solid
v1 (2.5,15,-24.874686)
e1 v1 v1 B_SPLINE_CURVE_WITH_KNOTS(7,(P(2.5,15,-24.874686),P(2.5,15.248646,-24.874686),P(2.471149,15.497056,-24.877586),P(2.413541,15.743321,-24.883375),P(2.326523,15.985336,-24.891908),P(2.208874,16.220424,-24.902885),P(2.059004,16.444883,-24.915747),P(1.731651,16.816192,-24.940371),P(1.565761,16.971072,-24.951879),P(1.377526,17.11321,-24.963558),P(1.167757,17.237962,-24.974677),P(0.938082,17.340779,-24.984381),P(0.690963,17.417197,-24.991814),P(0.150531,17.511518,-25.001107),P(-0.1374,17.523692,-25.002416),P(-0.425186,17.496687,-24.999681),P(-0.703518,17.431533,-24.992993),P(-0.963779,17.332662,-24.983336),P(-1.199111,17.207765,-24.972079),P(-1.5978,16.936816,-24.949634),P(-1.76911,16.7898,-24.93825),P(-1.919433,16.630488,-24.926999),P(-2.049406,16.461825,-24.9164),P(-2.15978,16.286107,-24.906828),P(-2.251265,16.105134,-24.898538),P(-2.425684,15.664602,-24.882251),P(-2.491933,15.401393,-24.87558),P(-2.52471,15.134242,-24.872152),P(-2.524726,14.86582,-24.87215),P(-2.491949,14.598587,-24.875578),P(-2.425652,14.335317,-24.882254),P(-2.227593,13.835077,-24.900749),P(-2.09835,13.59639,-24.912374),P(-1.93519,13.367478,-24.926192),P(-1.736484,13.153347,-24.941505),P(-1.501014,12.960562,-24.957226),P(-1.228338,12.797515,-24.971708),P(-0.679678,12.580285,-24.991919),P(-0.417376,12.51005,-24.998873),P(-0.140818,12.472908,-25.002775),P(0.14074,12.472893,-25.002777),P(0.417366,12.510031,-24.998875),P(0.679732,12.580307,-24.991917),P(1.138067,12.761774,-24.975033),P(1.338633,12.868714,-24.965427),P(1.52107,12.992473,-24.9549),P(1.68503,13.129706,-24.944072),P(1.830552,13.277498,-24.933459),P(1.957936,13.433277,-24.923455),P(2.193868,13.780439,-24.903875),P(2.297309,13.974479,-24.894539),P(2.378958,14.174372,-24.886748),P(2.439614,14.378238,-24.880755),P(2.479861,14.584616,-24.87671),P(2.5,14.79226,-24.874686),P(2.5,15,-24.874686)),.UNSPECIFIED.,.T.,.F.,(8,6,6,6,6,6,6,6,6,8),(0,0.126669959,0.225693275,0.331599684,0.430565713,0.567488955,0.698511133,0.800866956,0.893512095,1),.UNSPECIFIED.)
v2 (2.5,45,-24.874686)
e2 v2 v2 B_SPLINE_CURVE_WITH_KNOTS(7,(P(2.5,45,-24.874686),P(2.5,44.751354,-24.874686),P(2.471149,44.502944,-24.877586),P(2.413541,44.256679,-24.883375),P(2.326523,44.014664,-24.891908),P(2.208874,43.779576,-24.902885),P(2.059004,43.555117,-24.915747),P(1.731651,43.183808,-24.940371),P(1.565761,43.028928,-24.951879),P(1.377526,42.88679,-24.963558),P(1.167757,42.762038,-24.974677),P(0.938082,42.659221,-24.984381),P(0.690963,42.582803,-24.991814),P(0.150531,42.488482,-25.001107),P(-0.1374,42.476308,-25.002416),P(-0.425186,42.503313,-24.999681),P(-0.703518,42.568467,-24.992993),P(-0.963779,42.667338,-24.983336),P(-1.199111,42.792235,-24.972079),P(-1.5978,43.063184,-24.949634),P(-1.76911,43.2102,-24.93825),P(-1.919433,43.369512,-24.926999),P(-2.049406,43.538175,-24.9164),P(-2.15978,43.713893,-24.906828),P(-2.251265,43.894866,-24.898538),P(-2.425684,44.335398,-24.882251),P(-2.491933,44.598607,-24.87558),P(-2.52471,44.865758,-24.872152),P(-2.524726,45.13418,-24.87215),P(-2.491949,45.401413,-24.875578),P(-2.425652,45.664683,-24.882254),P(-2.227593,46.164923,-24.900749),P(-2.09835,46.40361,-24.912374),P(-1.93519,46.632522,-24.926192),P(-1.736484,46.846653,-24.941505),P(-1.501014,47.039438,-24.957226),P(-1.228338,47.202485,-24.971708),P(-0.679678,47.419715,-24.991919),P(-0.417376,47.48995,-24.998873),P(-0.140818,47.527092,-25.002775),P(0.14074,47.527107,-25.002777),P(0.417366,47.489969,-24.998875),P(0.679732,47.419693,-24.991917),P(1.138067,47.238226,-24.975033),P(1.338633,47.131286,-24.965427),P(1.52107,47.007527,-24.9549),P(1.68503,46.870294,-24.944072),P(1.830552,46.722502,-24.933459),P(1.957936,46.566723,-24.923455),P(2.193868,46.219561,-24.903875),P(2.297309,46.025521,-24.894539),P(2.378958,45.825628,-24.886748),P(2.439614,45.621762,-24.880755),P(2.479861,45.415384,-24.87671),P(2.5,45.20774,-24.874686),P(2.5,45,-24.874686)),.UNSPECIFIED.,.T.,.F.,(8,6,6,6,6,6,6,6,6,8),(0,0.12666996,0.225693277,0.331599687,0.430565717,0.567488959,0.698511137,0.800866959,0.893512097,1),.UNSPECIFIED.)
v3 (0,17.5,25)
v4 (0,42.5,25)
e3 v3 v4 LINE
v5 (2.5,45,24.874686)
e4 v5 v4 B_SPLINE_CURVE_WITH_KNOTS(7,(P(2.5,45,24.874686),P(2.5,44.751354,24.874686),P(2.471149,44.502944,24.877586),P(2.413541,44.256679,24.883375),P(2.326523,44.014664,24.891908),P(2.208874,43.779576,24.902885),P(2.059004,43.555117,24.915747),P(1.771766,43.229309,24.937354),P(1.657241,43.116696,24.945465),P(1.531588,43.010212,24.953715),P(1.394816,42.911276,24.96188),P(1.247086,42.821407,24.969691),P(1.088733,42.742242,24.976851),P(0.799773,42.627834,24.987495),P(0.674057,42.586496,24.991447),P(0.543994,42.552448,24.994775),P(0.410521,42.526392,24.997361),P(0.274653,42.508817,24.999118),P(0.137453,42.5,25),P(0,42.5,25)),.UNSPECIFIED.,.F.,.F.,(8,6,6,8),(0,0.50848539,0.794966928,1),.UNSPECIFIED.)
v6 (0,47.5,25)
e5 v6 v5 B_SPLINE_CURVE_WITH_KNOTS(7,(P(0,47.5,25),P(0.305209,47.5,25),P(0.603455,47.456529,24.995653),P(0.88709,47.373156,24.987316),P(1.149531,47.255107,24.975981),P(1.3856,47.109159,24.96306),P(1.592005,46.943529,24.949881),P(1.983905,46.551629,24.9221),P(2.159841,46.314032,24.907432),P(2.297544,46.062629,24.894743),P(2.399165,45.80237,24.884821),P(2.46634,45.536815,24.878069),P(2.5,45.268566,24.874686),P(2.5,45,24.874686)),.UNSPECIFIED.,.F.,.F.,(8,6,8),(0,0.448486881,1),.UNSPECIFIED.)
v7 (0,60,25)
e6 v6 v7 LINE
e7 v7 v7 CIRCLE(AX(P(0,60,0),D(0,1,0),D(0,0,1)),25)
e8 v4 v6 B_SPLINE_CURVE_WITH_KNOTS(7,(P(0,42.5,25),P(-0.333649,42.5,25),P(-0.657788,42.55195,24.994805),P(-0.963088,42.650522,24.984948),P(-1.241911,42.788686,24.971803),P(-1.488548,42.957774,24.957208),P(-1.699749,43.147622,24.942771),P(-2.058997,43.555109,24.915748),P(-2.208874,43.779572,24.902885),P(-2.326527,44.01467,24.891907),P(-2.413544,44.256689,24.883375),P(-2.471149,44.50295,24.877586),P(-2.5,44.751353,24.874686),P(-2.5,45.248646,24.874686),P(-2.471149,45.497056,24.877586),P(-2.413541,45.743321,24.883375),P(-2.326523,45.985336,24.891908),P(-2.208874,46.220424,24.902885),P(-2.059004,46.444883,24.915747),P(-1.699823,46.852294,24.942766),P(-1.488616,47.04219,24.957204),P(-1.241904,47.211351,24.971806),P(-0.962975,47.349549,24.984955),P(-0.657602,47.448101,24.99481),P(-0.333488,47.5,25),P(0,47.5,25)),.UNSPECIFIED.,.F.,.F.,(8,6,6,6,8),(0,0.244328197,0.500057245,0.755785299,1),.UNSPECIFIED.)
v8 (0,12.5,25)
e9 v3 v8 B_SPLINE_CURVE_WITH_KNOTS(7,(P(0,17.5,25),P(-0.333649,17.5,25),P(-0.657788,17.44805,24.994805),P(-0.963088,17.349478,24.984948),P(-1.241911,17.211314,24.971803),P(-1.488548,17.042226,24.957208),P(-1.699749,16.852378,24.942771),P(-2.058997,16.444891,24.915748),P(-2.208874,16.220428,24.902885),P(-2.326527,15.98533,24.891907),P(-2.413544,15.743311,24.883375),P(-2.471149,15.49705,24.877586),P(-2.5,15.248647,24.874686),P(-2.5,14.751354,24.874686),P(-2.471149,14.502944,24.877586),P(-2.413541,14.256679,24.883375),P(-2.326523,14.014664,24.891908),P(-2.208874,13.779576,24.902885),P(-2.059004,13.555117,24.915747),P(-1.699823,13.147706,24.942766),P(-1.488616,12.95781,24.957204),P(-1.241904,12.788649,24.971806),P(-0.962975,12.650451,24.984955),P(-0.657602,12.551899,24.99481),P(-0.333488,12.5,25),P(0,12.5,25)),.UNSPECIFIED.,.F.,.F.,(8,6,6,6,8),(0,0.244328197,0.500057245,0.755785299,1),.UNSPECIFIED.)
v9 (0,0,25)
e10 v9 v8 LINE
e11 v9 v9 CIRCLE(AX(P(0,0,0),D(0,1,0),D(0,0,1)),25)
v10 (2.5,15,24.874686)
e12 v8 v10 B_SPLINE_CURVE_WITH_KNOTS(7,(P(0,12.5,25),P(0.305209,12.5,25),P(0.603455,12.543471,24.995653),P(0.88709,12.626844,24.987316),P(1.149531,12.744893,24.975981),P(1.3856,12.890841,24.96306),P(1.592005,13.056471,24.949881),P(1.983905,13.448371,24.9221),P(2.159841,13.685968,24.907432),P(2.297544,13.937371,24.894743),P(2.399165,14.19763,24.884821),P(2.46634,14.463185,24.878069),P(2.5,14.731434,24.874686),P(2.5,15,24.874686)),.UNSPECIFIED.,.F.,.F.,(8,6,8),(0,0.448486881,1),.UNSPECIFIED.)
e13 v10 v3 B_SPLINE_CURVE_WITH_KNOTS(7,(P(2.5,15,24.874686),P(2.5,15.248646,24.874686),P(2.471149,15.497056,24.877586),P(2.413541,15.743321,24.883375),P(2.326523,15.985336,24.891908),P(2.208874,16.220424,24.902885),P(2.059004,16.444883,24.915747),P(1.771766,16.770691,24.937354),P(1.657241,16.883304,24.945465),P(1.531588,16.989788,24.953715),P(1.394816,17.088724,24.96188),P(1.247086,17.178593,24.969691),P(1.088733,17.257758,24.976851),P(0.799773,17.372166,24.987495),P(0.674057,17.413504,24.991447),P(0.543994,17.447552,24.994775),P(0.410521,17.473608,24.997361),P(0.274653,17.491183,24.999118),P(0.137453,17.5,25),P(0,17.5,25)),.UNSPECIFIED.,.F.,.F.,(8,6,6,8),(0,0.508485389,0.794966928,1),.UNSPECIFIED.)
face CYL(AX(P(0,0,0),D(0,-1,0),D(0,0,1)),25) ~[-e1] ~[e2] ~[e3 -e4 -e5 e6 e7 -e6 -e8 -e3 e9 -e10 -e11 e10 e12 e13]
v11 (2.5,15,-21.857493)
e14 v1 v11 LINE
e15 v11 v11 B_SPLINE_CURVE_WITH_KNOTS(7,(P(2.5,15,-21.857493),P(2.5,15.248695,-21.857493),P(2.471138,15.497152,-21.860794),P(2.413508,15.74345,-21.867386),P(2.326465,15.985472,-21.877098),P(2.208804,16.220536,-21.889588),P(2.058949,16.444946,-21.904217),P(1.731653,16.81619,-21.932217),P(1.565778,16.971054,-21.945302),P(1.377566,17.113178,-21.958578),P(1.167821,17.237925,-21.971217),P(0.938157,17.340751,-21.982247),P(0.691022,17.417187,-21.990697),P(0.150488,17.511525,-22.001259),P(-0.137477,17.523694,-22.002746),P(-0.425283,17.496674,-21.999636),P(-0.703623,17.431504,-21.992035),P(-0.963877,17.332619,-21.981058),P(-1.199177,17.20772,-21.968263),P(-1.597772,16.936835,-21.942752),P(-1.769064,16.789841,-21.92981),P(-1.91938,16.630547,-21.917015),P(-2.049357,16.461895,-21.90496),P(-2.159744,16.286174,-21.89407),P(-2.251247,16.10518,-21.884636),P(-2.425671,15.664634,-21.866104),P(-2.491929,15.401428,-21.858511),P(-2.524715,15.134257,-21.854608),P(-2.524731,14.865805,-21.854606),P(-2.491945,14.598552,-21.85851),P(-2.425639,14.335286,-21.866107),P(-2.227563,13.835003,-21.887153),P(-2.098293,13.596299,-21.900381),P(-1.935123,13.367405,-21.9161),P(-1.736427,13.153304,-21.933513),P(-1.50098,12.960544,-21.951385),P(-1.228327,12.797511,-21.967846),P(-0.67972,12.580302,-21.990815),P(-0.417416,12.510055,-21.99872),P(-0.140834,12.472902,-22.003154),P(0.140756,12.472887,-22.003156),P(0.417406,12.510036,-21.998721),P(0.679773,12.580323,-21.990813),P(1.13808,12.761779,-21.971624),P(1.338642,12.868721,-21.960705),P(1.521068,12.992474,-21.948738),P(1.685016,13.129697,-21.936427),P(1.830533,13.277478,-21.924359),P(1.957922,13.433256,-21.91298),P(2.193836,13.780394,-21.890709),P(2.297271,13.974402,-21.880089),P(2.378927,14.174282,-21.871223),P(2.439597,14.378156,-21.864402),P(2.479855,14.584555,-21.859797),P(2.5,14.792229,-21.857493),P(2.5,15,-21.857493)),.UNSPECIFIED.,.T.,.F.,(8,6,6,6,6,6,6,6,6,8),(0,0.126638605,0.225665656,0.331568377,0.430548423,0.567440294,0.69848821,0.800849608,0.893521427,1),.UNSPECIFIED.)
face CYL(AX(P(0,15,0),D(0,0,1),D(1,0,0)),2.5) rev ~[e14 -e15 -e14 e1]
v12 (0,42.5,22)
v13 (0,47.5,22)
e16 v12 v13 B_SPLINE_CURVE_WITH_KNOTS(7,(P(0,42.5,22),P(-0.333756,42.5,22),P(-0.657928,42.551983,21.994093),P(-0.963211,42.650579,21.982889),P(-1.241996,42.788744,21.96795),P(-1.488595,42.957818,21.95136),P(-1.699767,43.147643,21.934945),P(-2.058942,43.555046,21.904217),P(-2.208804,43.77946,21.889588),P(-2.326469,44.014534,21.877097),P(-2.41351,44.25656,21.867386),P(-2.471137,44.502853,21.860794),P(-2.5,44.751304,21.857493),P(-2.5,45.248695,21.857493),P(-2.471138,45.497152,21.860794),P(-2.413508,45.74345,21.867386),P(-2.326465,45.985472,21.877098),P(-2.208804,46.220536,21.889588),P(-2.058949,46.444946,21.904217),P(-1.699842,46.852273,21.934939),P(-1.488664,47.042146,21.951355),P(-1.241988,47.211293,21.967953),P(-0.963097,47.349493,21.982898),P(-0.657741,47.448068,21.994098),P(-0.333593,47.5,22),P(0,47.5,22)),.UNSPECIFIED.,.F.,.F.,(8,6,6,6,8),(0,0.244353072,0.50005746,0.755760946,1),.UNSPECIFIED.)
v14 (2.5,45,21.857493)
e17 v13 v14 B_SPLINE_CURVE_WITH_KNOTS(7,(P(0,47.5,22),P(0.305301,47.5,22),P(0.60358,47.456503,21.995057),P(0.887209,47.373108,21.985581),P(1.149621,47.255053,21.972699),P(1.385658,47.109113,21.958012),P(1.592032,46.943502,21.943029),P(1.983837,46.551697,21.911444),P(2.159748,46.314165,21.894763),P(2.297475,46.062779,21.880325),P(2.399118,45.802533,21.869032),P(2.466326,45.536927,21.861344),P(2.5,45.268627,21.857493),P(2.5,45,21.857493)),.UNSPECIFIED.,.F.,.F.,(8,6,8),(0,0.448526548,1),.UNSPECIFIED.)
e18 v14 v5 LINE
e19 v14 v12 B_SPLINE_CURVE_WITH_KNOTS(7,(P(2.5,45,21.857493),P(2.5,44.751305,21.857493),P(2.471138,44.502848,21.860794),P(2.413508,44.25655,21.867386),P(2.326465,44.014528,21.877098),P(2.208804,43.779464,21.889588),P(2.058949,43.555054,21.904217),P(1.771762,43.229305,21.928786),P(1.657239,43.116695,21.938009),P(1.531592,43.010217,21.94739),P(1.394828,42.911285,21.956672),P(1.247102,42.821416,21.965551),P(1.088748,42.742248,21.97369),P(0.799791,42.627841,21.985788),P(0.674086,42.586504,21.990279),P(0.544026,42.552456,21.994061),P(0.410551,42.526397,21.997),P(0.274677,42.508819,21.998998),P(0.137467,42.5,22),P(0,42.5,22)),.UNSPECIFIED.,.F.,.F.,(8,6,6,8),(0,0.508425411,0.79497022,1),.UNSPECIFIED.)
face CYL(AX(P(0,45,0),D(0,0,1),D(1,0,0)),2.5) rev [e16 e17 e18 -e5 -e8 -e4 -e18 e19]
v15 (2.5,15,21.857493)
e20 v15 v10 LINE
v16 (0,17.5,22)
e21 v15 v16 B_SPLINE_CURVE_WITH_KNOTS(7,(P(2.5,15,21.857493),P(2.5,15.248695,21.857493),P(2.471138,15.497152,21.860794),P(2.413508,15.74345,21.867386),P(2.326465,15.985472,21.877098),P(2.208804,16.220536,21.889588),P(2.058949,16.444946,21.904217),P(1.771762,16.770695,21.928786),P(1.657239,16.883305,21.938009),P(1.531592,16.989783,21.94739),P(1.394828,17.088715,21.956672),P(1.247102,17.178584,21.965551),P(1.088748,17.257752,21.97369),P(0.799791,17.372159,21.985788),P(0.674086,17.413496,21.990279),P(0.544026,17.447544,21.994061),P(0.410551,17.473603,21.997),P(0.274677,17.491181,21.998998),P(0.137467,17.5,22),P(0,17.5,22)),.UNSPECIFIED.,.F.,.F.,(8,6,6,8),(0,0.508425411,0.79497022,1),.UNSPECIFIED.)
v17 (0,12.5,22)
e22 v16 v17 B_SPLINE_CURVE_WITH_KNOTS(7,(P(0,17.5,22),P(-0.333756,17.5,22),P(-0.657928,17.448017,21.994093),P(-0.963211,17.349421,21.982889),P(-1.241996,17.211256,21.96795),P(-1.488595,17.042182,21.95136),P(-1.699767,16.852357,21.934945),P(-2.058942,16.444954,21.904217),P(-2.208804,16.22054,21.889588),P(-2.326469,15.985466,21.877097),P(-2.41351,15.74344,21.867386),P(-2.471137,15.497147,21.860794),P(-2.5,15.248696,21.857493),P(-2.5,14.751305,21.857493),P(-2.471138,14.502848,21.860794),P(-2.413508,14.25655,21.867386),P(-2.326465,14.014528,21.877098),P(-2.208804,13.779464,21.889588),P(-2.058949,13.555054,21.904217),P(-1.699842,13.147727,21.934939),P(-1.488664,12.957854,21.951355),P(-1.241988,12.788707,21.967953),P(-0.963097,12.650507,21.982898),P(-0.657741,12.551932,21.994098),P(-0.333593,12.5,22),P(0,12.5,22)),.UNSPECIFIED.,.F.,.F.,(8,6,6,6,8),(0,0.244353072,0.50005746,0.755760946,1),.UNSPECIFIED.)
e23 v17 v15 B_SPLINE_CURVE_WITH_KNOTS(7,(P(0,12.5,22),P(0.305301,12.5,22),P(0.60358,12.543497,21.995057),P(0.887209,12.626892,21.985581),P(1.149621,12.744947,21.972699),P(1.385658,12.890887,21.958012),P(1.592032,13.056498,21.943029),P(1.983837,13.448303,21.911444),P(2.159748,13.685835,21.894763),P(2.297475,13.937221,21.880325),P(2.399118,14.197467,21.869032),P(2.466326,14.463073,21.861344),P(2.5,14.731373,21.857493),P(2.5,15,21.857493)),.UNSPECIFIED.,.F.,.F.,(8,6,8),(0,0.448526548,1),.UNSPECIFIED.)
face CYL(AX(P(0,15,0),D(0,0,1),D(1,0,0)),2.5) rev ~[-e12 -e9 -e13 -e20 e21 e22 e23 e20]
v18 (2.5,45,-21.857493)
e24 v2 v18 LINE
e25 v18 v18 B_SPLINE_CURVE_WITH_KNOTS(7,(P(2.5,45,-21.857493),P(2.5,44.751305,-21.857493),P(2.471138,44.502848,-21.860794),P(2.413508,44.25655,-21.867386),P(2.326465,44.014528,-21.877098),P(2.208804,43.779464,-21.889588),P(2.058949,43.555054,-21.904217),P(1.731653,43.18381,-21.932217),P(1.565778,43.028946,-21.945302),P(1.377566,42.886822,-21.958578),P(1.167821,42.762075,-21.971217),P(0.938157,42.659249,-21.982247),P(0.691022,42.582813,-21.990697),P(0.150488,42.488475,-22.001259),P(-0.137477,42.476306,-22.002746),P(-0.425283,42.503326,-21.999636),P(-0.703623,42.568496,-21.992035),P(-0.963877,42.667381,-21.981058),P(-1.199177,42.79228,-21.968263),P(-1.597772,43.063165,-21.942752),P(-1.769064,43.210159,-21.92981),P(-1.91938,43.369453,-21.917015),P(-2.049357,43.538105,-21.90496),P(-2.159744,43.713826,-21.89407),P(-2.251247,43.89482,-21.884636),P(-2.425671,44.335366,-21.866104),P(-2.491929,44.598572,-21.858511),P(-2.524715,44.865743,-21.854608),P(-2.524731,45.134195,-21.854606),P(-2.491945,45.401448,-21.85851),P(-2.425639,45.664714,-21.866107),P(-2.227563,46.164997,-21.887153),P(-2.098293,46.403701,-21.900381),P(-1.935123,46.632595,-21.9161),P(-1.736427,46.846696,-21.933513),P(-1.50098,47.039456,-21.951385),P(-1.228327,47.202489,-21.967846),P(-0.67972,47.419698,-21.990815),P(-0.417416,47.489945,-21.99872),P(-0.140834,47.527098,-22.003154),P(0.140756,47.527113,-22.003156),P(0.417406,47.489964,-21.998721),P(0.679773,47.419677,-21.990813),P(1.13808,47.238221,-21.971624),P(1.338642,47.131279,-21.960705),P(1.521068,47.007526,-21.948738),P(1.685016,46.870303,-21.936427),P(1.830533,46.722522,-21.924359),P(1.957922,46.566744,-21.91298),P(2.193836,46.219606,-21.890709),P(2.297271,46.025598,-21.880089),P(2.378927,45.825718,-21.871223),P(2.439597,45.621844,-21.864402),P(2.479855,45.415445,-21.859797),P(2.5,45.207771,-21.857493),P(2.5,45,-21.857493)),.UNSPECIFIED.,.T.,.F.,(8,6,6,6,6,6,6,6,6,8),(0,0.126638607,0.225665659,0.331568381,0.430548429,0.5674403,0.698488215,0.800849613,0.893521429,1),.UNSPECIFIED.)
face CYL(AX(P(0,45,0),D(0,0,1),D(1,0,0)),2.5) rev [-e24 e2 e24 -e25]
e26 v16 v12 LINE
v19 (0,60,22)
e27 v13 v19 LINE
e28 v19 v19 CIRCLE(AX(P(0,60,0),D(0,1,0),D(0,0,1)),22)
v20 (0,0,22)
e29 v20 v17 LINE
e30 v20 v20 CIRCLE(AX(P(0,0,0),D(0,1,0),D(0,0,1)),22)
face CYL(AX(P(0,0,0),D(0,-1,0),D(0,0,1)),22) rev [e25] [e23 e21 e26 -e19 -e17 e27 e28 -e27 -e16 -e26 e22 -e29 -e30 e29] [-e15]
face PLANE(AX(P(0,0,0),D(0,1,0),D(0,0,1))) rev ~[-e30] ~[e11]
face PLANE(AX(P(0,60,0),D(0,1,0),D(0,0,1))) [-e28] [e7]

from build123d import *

# Parameters (mm, degrees)
ESBO_O1_R                = 25
ESBO_O1_R_2              = 22
RESSALTO_EXTRUS_O1_DEPTH = 60
ESBO_O2_R                = 2.5
CORTE_EXTRUS_O1_DEPTH    = 70.641941386


with BuildPart() as part:
    # Esboço1 → Ressalto-extrusão1 (new body)
    with BuildSketch(Plane(origin=(0, 0, 0), x_dir=(1, 0, 0), z_dir=(0, 1, 0))):
        with Locations(Location((0, 0, 0), (0, 0, 270))):
            Circle(ESBO_O1_R)
        with Locations(Location((0, 0, 0), (0, 0, 270))):
            Circle(ESBO_O1_R_2, mode=Mode.SUBTRACT)
    extrude(amount=RESSALTO_EXTRUS_O1_DEPTH)

    # Esboço2 → Corte-extrusão1 (cut, symmetric)
    with BuildSketch(Plane.XY):
        with Locations((0, 15)):
            Circle(ESBO_O2_R)
    corte_extrus_o1 = extrude(amount=CORTE_EXTRUS_O1_DEPTH, both=True, mode=Mode.SUBTRACT)

    # Espelhar1: Corte-extrusão1 across plane
    add(corte_extrus_o1.mirror(Plane(origin=(0, 30, 0), x_dir=(0, 0, 1), z_dir=(0, -1, 0))), mode=Mode.SUBTRACT)


solid = part.part
